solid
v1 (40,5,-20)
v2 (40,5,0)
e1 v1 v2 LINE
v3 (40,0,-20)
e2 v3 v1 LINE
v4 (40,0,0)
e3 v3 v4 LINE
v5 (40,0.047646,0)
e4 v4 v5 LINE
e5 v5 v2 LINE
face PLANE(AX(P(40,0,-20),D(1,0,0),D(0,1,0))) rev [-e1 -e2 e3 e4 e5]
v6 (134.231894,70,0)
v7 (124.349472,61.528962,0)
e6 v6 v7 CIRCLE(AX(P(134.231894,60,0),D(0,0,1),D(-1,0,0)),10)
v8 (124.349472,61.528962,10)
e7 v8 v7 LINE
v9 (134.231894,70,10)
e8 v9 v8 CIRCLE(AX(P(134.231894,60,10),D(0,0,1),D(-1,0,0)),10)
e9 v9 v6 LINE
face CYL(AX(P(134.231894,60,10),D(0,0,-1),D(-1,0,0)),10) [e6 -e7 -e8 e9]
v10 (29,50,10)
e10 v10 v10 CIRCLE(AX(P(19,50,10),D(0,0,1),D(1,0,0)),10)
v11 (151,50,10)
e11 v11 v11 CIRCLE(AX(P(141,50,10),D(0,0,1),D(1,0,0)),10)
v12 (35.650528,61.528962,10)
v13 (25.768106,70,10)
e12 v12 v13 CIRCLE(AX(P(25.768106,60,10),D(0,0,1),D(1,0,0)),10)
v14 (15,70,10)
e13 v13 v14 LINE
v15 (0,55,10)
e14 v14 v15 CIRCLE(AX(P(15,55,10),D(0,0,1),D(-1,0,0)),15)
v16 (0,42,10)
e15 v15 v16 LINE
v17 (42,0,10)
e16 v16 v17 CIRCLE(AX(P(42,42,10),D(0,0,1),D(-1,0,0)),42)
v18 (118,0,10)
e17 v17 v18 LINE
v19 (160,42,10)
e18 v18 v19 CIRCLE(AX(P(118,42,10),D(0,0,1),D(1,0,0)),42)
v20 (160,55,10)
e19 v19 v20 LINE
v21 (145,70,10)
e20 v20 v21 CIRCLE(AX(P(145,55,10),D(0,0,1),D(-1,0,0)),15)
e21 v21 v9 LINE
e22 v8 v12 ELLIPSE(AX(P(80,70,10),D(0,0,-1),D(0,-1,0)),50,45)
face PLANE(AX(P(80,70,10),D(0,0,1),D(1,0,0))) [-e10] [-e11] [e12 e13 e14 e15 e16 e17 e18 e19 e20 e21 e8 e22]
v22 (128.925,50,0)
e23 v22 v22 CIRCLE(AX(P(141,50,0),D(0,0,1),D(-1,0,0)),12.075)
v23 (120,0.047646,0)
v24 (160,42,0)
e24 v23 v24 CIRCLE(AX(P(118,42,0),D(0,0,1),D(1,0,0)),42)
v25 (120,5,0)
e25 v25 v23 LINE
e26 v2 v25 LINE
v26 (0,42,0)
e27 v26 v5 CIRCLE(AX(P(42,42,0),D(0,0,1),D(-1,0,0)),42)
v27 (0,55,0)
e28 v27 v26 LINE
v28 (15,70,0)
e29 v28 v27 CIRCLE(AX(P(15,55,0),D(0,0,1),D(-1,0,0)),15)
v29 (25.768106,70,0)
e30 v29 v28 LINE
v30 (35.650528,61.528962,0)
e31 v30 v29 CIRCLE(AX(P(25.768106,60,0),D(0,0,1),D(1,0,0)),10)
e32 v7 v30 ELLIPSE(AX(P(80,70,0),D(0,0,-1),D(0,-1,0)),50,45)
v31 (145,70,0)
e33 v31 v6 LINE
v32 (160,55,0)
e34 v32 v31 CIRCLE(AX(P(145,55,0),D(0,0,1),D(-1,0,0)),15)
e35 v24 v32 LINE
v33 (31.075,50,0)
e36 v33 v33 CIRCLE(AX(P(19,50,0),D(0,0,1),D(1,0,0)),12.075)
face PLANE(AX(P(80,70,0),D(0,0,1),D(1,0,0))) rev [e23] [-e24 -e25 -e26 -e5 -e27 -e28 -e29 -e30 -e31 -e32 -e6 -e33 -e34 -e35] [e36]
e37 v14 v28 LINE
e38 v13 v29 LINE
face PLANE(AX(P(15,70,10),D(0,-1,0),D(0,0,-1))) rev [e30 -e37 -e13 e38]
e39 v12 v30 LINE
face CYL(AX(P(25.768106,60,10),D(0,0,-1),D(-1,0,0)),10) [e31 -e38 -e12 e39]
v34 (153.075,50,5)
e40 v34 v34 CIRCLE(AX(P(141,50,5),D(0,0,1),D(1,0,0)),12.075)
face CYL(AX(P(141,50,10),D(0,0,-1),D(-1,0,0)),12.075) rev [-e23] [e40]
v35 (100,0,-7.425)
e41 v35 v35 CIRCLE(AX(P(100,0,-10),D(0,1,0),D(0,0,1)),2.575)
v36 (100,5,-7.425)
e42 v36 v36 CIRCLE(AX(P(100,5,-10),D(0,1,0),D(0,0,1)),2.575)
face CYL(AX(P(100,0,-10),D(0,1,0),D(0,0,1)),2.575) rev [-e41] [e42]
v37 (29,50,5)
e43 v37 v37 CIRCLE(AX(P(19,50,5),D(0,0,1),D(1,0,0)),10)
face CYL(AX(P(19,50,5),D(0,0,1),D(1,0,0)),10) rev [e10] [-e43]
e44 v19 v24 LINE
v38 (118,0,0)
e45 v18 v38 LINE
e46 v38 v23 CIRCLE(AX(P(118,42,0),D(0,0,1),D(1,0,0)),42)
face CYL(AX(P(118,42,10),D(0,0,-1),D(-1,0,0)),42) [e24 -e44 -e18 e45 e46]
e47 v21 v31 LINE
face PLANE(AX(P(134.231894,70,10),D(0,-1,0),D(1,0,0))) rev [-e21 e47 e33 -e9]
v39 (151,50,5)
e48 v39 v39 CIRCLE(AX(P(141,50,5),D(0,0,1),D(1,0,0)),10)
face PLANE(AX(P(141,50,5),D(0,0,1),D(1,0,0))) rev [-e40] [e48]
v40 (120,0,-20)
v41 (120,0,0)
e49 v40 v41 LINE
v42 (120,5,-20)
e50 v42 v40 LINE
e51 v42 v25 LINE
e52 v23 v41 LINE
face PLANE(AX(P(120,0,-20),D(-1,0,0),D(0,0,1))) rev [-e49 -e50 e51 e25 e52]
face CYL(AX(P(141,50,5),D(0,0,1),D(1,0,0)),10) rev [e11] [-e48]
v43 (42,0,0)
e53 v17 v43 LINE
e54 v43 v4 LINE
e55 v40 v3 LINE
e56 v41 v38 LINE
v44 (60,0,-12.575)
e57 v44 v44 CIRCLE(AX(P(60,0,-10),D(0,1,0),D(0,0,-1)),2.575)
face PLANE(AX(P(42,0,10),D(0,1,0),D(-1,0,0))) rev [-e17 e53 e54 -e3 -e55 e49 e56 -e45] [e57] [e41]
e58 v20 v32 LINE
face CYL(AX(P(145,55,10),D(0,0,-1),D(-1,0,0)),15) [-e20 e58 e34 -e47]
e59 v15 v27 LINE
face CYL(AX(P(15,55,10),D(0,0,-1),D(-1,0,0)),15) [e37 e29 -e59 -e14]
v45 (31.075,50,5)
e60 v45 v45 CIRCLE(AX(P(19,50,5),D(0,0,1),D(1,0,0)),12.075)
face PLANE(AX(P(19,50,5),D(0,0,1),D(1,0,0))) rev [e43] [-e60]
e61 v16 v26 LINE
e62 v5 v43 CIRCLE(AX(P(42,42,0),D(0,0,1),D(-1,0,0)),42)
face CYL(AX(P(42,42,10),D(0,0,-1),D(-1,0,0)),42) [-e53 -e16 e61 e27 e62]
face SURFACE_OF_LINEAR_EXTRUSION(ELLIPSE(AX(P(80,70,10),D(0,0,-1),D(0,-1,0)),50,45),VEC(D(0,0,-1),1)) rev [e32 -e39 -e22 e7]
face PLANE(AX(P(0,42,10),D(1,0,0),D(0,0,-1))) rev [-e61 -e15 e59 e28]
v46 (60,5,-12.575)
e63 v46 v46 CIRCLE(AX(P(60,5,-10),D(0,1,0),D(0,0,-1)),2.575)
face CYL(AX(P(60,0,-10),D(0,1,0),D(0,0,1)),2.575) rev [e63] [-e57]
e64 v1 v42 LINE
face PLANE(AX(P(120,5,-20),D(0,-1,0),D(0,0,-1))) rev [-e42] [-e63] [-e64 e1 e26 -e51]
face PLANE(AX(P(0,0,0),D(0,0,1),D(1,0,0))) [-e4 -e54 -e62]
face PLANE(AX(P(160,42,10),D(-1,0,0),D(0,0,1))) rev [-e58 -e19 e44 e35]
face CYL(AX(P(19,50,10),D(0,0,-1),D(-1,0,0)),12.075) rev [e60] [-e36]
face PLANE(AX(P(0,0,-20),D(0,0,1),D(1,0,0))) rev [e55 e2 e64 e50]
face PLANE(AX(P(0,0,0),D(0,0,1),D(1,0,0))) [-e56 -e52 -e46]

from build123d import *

# Parameters (mm, degrees)
SKETCH1_R           = 12.075
BOSS_EXTRUDE1_DEPTH = 10
BOSS_EXTRUDE2_START = -5
SKETCH2_R           = 12.075
SKETCH2_R_2         = 10
BOSS_EXTRUDE2_DEPTH = 5
SKETCH3_W           = 80
SKETCH3_H           = 5
BOSS_EXTRUDE3_DEPTH = 20
SKETCH4_R           = 2.575
CUT_EXTRUDE1_DEPTH  = 174.853386637


with BuildPart() as part:
    # Sketch1 → Boss-Extrude1 (new body)
    with BuildSketch(Plane.XY):
        with BuildLine():
            Line((134.231894093, 70), (145, 70))
            ThreePointArc((145, 70), (155.606601718, 65.606601718), (160, 55))
            Line((160, 55), (160, 42))
            ThreePointArc((160, 42), (147.69848481, 12.30151519), (118, 0))
            Line((118, 0), (42, 0))
            ThreePointArc((42, 0), (12.30151519, 12.30151519), (0, 42))
            Line((0, 42), (0, 55))
            ThreePointArc((0, 55), (4.393398282, 65.606601718), (15, 70))
            Line((15, 70), (25.768105907, 70))
            ThreePointArc((25.768105907, 70), (32.276192497, 67.592417858), (35.650528477, 61.528961786))
            add(Edge.make_bspline(
                [(35.650528477, 61.528961786), (42.075693473, 20), (80, 20), (117.924306527, 20), (124.349471523, 61.528961786)],
                knots=[4.882630888, 4.882630888, 4.882630888, 6.283185307, 6.283185307, 7.683739727, 7.683739727, 7.683739727], degree=2, weights=[1, 0.764663574, 1, 0.764663574, 1]))
            ThreePointArc((124.349471523, 61.528961786), (127.723807503, 67.592417858), (134.231894093, 70))
        make_face()
        with Locations((19, 50)):
            Circle(SKETCH1_R, mode=Mode.SUBTRACT)
        with Locations((141, 50)):
            Circle(SKETCH1_R, mode=Mode.SUBTRACT)
    extrude(amount=BOSS_EXTRUDE1_DEPTH)

    # Sketch2 → Boss-Extrude2 (add)
    # profile 1 of 2: a face of its own
    with BuildSketch(Plane.XY.offset(10).offset(BOSS_EXTRUDE2_START)):
        with Locations((141, 50)):
            Circle(SKETCH2_R)
        with Locations((141, 50)):
            Circle(SKETCH2_R_2, mode=Mode.SUBTRACT)
    # profile 2 of 2: a face of its own
    with BuildSketch(Plane.XY.offset(10).offset(BOSS_EXTRUDE2_START)):
        with Locations((19, 50)):
            Circle(SKETCH2_R)
        with Locations((19, 50)):
            Circle(SKETCH2_R_2, mode=Mode.SUBTRACT)
    extrude(amount=BOSS_EXTRUDE2_DEPTH)

    # Sketch3 → Boss-Extrude3 (add)
    with BuildSketch(Plane(origin=(0, 0, 0), x_dir=(-1, 0, 0), z_dir=(0, 0, -1))):
        with Locations((-80, 2.5)):
            Rectangle(SKETCH3_W, SKETCH3_H)
    extrude(amount=BOSS_EXTRUDE3_DEPTH)

    # Sketch4 → Cut-Extrude1 (cut, through all)
    with BuildSketch(Plane(origin=(0, 5, 0), x_dir=(1, 0, 0), z_dir=(0, 1, 0))):
        with Locations((100, 10)):
            Circle(SKETCH4_R)
        with Locations((60, 10)):
            Circle(SKETCH4_R)
    extrude(amount=-CUT_EXTRUDE1_DEPTH, mode=Mode.SUBTRACT)


solid = part.part
